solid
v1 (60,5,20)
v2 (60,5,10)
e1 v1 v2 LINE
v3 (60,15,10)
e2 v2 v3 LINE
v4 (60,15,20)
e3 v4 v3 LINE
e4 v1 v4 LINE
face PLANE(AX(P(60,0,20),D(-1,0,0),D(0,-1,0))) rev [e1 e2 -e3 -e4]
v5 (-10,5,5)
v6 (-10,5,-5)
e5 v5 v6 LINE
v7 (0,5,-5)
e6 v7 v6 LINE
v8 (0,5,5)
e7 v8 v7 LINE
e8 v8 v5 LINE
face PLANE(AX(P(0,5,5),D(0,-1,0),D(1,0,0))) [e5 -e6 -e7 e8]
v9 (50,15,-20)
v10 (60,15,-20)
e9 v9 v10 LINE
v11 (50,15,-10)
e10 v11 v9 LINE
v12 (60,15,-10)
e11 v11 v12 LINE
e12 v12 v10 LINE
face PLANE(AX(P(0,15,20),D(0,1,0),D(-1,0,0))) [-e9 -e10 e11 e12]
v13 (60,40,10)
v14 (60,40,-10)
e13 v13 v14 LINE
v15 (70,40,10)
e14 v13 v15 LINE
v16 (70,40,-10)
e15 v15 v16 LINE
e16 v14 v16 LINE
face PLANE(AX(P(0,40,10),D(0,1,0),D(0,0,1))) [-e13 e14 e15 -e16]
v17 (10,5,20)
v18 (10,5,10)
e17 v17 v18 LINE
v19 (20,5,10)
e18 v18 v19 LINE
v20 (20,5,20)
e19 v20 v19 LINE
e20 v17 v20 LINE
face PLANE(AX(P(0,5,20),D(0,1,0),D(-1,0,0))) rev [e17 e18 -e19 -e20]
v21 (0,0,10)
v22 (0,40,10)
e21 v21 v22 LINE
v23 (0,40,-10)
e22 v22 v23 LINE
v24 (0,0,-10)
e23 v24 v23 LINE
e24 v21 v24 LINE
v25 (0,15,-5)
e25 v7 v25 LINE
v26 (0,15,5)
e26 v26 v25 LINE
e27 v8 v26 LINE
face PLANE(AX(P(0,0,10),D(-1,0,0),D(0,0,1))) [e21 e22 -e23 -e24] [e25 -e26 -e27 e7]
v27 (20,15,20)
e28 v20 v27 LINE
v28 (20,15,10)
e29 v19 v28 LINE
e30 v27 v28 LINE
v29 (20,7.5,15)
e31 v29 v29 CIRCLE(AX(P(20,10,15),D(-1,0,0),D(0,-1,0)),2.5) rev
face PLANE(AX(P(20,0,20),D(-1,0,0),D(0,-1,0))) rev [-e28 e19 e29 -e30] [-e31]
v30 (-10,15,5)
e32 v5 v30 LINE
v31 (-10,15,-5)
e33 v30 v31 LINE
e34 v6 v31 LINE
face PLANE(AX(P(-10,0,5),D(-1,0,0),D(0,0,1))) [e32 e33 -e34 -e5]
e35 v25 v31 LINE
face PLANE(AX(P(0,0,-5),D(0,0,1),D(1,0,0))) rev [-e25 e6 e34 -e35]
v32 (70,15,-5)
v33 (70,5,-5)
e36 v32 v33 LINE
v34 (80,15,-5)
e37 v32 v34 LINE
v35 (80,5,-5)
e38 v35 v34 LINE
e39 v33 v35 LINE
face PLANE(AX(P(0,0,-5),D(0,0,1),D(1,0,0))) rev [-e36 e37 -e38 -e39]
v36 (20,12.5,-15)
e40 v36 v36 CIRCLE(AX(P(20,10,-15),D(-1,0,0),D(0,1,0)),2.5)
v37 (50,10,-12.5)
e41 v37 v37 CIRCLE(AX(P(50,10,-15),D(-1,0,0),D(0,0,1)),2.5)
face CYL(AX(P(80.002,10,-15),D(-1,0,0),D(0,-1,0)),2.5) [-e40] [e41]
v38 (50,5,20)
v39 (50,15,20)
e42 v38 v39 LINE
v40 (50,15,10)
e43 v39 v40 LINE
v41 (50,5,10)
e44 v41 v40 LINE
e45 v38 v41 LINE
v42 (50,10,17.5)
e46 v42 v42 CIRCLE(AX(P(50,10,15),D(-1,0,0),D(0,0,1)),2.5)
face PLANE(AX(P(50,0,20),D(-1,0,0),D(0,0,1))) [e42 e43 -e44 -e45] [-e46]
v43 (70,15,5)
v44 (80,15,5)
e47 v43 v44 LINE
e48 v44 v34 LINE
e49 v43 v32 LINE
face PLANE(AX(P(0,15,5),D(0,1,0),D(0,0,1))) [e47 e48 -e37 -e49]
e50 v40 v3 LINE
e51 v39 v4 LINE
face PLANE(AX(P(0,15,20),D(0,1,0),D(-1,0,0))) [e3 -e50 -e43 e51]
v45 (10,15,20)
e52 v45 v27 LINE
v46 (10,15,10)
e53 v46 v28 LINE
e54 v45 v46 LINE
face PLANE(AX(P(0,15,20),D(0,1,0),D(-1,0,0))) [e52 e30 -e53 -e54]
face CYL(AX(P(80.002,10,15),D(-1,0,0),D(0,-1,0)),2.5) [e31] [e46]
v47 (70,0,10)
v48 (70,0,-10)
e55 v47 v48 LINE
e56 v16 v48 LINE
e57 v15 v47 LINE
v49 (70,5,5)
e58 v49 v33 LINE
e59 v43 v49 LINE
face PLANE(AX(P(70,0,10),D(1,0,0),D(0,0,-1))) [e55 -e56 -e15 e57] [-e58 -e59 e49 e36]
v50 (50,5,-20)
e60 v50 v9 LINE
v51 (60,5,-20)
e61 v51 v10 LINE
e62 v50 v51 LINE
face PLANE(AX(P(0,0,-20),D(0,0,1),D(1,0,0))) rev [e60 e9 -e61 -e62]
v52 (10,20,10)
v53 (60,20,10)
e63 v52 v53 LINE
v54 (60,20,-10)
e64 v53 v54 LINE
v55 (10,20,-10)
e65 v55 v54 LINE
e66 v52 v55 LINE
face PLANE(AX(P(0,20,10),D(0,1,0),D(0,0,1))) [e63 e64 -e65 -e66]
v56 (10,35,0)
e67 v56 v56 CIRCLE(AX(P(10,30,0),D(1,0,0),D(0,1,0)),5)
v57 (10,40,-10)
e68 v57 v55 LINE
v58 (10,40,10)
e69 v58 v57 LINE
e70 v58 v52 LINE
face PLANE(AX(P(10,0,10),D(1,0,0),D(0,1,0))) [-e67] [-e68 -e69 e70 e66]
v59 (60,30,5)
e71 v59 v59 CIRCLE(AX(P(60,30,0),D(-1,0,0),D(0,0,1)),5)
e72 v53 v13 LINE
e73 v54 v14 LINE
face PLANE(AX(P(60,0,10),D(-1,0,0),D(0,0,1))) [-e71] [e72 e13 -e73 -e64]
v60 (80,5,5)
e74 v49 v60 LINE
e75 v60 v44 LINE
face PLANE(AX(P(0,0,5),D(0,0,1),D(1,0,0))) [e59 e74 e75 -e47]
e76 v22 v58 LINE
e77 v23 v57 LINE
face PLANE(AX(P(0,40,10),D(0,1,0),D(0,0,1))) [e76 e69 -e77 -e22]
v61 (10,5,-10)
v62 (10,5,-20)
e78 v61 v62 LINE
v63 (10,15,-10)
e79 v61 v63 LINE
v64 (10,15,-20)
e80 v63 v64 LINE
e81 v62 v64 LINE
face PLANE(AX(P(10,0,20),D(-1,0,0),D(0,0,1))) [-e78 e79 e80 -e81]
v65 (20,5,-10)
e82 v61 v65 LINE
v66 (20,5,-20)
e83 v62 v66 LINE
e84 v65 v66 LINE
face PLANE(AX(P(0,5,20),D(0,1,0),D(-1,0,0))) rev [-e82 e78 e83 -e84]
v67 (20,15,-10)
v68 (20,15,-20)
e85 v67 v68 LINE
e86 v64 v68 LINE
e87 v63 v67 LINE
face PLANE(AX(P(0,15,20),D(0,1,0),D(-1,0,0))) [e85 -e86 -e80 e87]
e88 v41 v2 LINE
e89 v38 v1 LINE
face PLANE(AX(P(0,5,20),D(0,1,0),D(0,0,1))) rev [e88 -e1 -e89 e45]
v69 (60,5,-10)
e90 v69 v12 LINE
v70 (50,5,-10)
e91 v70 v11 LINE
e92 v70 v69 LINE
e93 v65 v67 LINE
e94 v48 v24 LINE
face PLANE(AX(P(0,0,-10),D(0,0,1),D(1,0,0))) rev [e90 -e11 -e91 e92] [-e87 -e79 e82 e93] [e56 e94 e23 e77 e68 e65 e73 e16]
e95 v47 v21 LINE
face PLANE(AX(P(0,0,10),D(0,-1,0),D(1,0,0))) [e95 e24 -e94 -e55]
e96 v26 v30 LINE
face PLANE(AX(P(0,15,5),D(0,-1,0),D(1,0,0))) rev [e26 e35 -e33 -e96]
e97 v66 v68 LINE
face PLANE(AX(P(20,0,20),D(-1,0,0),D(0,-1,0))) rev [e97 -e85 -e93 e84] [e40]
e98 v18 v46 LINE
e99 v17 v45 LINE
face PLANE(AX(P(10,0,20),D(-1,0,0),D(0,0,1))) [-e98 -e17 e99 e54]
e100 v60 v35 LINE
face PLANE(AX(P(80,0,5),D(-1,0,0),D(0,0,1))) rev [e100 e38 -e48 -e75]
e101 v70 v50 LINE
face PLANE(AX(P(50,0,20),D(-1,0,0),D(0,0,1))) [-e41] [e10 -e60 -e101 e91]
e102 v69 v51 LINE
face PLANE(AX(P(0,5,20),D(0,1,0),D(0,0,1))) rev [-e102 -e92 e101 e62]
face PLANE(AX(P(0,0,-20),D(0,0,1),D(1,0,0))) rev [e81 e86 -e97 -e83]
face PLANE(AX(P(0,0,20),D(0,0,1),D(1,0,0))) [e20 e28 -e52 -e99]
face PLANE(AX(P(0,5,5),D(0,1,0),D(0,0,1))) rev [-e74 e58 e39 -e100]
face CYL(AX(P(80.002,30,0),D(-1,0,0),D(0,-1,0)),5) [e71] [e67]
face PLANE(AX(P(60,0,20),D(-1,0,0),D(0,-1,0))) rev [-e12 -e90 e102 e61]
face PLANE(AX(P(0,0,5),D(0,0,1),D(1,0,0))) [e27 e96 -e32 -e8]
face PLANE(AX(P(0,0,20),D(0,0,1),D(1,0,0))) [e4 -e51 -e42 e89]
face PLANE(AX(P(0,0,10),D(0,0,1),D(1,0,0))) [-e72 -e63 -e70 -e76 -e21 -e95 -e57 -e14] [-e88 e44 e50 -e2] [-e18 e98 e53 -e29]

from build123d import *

# Parameters (mm, degrees)
SKETCH1_W           = 10
SKETCH1_H           = 10
BOSS_EXTRUDE1_DEPTH = 10
SKETCH1_3_W         = 10
SKETCH1_3_H         = 10
BOSS_EXTRUDE2_DEPTH = 5
SKETCH1_4_W         = 10
SKETCH1_4_H         = 10
BOSS_EXTRUDE3_DEPTH = 20
BOSS_EXTRUDE4_REACH = 85.066
SKETCH2_R           = 5
BOSS_EXTRUDE5_REACH = 76.833
SKETCH3_R           = 2.5


with BuildPart() as part:
    # Sketch1 → Boss-Extrude1 (new, symmetric)
    with BuildSketch(Plane.XY):
        Polygon((0, 5), (0, 0), (70, 0), (70, 5), (70, 15), (70, 40), (60, 40), (60, 20), (10, 20), (10, 40), (0, 40), (0, 15), align=None)
        with Locations((15, 10)):
            Rectangle(SKETCH1_W, SKETCH1_H, mode=Mode.SUBTRACT)
        with Locations((55, 10)):
            Rectangle(SKETCH1_W, SKETCH1_H, mode=Mode.SUBTRACT)
    extrude(amount=BOSS_EXTRUDE1_DEPTH, both=True)

    # Sketch1<3> → Boss-Extrude2 (add, symmetric)
    with BuildSketch(Plane.XY):
        with Locations((-5, 10)):
            Rectangle(SKETCH1_3_W, SKETCH1_3_H)
        with Locations((75, 10)):
            Rectangle(SKETCH1_3_W, SKETCH1_3_H)
    extrude(amount=BOSS_EXTRUDE2_DEPTH, both=True)

    # Sketch1<4> → Boss-Extrude3 (add, symmetric)
    with BuildSketch(Plane.XY):
        with Locations((15, 10)):
            Rectangle(SKETCH1_4_W, SKETCH1_4_H)
        with Locations((55, 10)):
            Rectangle(SKETCH1_4_W, SKETCH1_4_H)
    extrude(amount=BOSS_EXTRUDE3_DEPTH, both=True)

    # Sketch2 → Boss-Extrude4 (add, up to next)
    with BuildSketch(Plane(origin=(10, 0, 0), x_dir=(0, 0, -1), z_dir=(1, 0, 0)), mode=Mode.PRIVATE) as boss_extrude4_sk1:
        with Locations((0, 30)):
            Circle(SKETCH2_R)
    boss_extrude4_tool1 = extrude(boss_extrude4_sk1.sketch, amount=BOSS_EXTRUDE4_REACH, mode=Mode.PRIVATE) - part.part
    add(boss_extrude4_tool1.solids().sort_by_distance((10, 30, 0))[0])

    # Sketch3 → Boss-Extrude5 (add, up to next)
    with BuildSketch(Plane(origin=(20, 0, 0), x_dir=(0, 0, -1), z_dir=(1, 0, 0)), mode=Mode.PRIVATE) as boss_extrude5_sk1:
        with Locations((-15, 10)):
            Circle(SKETCH3_R)
    boss_extrude5_tool1 = extrude(boss_extrude5_sk1.sketch, amount=BOSS_EXTRUDE5_REACH, mode=Mode.PRIVATE) - part.part
    boss_extrude5 = boss_extrude5_tool1.solids().sort_by_distance((20, 10, 15))[0]
    add(boss_extrude5)

    # Mirror1: Boss-Extrude5 across plane
    add(boss_extrude5.mirror(Plane.XY))


solid = part.part
